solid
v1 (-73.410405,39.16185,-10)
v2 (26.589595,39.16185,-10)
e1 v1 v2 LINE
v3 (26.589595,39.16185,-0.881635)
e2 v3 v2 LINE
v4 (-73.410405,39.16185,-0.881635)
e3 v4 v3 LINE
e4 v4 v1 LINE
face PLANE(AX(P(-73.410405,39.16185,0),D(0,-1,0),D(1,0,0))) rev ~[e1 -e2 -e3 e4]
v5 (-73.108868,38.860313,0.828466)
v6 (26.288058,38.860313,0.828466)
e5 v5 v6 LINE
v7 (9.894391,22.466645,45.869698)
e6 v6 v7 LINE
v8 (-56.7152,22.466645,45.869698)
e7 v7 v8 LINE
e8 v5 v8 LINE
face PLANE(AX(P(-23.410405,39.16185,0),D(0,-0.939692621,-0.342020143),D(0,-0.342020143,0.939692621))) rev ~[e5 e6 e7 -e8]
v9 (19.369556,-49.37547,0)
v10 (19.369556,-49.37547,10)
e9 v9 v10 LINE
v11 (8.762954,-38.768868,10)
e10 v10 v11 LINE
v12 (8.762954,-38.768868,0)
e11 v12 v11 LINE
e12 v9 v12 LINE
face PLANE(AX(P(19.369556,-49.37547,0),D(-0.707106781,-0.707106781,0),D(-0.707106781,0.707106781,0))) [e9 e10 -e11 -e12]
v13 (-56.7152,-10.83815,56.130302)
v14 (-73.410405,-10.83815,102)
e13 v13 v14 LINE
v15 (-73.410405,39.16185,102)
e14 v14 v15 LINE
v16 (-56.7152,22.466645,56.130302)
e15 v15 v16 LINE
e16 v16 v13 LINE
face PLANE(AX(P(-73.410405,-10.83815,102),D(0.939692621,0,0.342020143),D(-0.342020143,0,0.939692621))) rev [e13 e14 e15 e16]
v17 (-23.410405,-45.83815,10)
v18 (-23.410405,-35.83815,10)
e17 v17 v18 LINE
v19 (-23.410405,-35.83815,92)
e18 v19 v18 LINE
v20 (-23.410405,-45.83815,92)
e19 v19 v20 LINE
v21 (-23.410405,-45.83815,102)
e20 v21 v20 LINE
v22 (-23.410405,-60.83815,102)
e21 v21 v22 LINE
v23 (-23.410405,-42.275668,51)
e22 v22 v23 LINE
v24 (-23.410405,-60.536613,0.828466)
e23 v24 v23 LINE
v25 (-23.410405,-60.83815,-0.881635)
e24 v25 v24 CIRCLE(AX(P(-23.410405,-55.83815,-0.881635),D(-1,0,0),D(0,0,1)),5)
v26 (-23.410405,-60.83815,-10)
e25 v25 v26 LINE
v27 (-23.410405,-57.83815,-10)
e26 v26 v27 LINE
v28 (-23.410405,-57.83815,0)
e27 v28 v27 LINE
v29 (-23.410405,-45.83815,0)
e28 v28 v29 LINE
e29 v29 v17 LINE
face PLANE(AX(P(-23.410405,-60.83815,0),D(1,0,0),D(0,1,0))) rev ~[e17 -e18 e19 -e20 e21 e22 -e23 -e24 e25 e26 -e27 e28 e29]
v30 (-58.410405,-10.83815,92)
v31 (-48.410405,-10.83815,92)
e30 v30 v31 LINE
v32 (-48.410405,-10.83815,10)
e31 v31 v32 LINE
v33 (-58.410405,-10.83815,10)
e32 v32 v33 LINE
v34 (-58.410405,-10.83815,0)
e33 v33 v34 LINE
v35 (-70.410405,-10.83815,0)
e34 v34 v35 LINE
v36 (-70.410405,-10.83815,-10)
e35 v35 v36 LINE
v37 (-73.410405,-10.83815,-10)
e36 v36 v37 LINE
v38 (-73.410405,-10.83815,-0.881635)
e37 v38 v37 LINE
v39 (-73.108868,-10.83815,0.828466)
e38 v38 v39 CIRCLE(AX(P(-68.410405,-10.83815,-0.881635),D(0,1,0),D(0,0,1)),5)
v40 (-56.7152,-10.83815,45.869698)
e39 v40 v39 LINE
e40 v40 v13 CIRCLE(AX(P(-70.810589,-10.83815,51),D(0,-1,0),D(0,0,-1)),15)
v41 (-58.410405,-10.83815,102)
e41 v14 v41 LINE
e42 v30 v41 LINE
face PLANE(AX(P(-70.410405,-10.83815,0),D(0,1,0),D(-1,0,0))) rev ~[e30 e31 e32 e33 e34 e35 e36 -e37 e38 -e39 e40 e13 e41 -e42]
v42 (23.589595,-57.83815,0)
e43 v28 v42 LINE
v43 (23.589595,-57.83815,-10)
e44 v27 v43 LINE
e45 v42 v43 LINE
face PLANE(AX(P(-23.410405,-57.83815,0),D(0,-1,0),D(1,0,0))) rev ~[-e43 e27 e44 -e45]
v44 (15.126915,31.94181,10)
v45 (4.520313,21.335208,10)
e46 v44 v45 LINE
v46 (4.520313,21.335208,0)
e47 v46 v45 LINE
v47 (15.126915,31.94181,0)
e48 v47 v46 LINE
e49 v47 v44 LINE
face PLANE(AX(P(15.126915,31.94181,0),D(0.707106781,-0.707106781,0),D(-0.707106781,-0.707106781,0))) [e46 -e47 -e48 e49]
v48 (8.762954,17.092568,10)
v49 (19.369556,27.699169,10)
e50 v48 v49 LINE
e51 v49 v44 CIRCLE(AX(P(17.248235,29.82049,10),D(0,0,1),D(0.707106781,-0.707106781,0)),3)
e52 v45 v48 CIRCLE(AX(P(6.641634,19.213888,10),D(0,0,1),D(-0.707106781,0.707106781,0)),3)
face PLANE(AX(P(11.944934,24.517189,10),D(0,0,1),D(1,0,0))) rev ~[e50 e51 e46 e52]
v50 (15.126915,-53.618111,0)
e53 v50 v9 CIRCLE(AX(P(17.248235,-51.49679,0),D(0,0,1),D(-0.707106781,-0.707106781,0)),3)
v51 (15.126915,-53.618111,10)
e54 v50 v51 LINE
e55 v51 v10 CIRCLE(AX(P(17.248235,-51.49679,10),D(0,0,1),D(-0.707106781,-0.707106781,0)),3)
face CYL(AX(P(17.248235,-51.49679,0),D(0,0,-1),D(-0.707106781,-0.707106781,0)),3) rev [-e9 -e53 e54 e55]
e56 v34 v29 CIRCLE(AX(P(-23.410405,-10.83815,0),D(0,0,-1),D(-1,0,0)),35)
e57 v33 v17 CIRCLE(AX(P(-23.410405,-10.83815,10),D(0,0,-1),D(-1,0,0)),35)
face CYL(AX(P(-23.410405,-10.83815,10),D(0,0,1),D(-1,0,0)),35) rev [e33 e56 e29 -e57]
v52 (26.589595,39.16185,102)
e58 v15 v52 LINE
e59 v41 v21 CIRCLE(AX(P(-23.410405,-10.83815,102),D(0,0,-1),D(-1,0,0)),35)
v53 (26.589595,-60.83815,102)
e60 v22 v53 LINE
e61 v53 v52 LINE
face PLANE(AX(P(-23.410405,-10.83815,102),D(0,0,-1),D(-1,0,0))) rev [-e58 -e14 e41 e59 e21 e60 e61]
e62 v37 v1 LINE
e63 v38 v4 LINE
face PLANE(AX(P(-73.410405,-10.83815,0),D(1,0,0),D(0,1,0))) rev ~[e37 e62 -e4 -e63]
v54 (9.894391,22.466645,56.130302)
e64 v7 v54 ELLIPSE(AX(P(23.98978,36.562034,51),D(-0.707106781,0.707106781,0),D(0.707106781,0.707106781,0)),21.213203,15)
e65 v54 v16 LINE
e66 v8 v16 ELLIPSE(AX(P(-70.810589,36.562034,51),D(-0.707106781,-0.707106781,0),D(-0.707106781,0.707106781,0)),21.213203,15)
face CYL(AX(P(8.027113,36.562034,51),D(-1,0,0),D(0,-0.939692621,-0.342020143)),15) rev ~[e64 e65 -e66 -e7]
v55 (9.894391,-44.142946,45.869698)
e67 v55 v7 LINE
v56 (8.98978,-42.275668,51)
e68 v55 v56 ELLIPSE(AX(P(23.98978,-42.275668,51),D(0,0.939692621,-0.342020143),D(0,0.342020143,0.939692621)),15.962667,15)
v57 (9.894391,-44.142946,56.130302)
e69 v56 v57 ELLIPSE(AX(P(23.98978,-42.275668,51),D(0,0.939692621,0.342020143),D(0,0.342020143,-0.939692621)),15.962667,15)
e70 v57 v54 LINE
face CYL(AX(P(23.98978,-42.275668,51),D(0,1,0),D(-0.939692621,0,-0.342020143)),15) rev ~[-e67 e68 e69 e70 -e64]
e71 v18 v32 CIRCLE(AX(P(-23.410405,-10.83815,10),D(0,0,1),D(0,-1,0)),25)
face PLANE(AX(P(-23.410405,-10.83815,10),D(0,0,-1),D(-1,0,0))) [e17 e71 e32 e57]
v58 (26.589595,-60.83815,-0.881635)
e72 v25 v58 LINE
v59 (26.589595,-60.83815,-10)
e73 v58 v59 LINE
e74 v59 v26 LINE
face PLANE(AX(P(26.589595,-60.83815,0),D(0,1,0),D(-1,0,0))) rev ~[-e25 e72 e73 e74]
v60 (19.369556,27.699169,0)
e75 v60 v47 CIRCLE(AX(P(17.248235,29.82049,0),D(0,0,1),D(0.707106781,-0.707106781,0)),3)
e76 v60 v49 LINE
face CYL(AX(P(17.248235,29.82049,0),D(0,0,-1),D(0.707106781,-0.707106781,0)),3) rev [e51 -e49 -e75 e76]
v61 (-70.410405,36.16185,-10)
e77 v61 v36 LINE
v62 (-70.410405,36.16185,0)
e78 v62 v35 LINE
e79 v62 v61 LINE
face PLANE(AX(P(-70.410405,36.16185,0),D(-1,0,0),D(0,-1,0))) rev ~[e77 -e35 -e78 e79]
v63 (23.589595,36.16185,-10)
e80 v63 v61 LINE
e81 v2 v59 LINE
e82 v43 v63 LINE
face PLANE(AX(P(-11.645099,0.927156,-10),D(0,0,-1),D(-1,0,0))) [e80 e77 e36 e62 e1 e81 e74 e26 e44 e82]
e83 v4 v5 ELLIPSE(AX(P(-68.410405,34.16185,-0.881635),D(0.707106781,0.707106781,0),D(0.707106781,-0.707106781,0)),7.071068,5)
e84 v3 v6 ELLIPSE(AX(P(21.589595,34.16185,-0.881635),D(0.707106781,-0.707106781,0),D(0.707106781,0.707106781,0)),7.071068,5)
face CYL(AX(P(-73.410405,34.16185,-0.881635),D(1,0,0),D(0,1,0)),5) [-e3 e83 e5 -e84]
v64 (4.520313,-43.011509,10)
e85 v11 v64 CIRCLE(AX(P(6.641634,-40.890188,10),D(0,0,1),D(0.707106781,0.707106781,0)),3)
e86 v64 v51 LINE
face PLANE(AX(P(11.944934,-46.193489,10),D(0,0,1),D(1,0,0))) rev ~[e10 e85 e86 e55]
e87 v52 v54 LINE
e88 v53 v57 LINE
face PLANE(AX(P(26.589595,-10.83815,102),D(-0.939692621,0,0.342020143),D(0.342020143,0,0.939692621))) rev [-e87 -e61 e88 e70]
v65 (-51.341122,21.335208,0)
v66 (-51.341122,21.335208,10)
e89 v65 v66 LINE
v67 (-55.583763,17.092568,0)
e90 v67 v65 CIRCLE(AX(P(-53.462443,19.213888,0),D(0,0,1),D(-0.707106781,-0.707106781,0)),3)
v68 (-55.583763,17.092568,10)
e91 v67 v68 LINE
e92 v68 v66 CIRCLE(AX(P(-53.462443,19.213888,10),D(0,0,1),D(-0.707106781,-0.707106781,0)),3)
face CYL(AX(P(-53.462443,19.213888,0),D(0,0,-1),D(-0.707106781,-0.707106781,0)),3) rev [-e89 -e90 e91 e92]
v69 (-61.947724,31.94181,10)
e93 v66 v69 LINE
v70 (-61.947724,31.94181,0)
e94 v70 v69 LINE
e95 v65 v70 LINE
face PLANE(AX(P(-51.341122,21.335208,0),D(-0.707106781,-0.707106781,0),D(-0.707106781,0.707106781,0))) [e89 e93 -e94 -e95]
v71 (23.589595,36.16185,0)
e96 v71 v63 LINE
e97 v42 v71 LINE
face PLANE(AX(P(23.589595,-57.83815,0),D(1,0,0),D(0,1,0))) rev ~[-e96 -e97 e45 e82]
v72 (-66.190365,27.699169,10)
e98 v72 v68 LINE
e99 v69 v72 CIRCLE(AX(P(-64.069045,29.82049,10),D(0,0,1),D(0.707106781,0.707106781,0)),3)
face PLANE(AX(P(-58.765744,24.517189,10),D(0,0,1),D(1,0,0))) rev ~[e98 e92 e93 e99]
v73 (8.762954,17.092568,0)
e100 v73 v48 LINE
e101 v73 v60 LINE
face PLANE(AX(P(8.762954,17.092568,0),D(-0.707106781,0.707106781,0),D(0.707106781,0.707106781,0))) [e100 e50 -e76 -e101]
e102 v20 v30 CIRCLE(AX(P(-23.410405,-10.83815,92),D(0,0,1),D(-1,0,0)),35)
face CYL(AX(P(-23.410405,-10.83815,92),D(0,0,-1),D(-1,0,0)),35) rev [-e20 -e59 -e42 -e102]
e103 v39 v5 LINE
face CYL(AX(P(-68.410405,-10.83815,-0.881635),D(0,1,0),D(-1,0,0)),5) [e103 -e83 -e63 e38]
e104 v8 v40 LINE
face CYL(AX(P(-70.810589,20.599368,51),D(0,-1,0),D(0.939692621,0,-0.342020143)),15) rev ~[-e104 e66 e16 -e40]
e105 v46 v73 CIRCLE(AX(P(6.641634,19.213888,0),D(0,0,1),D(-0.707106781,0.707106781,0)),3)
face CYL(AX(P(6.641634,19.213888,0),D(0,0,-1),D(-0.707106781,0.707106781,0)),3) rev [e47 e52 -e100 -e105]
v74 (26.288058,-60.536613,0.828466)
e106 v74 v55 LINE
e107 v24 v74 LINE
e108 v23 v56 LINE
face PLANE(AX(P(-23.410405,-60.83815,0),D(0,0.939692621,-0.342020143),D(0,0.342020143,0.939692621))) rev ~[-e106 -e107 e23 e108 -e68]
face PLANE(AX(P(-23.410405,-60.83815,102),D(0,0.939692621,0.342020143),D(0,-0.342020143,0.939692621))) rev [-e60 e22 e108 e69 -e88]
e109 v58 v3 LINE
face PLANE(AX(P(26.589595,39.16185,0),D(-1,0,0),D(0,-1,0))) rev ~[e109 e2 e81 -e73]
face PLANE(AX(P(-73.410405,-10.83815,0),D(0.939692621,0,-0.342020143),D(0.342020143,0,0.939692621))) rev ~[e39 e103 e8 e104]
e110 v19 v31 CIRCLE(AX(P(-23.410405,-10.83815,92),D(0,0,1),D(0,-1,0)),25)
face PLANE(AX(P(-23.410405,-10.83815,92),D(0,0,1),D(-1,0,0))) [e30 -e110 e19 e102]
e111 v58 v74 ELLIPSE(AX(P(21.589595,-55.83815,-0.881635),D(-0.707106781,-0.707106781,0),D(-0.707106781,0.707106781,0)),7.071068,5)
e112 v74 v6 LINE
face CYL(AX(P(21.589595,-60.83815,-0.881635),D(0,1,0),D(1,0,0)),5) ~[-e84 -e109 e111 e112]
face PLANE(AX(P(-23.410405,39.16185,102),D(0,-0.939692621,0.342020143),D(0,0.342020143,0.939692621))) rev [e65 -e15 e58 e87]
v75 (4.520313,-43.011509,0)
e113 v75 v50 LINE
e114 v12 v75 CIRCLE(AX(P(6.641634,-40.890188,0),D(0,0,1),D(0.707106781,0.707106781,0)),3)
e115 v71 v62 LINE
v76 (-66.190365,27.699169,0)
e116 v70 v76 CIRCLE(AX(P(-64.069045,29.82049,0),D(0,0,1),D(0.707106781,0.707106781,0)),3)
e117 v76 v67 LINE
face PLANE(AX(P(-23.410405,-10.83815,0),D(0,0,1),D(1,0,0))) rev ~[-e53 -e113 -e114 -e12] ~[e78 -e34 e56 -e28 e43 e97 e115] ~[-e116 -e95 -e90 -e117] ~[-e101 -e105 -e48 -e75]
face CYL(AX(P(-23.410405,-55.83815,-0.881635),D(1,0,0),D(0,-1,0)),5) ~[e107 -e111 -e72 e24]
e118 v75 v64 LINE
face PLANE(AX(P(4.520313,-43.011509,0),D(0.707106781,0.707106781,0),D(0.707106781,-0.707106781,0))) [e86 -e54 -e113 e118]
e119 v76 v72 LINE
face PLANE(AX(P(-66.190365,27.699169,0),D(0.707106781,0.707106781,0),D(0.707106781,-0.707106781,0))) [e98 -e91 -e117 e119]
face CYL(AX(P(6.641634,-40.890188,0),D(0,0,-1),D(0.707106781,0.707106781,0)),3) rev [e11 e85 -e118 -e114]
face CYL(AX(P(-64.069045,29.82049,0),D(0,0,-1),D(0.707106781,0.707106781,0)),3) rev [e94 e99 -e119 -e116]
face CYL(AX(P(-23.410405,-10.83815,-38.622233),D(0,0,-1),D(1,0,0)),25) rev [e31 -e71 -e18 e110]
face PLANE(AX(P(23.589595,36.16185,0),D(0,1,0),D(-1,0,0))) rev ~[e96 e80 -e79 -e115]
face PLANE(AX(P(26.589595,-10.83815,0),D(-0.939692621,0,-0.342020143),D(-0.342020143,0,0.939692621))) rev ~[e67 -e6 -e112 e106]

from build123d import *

# Parameters (mm, degrees)
ESQUISSE2_W                  = 100
ESQUISSE2_H                  = 100
BOSS_EXTRU_1_DEPTH           = 51
BOSS_EXTRU_1_TAPER           = 20
ENL_V_MAT_EXTRU_1_DEPTH      = 140.622233322
ENL_V_MAT_EXTRU_1_DEPTH_BACK = 140.622233322
ESQUISSE3_R                  = 25
ENL_V_MAT_EXTRU_2_DEPTH      = 140.622233322
ENL_V_MAT_EXTRU_2_DEPTH_BACK = 10
ESQUISSE5_R                  = 35
ENL_V_START                  = -10
ESQUISSE6_R                  = 35
ENL_V_MAT_EXTRU_3_DEPTH      = 10
ESQUISSE7_W                  = 50
ESQUISSE7_H                  = 50
ENL_V_MAT_EXTRU_4_DEPTH      = 140.622233322
CONG_1_R                     = 15
ENL_V_MAT_EXTRU_8_DEPTH      = 10
BOSS_EXTRU_2_DEPTH           = 10
CONG_2_R                     = 5


with BuildPart() as part:
    # Esquisse2 → Boss.-Extru.1 (new body)
    with BuildSketch(Plane.XY):
        with Locations((-23.410404624, -10.838150289)):
            Rectangle(ESQUISSE2_W, ESQUISSE2_H)
    boss_extru_1 = extrude(amount=BOSS_EXTRU_1_DEPTH, taper=BOSS_EXTRU_1_TAPER)

    # Symétrie4: Boss.-Extru.1 across plane
    add(boss_extru_1.mirror(Plane.XY.offset(51)))

    # Esquisse3 → Enlèv. mat.-Extru.1 (cut, two sides: drawn at the far end of the back side and taken through both)
    with BuildSketch(Plane.XY.offset(102).offset(-ENL_V_MAT_EXTRU_1_DEPTH_BACK)):
        with Locations((-23.410404624, -10.838150289)):
            Circle(ESQUISSE3_R)
    extrude(amount=ENL_V_MAT_EXTRU_1_DEPTH + ENL_V_MAT_EXTRU_1_DEPTH_BACK, mode=Mode.SUBTRACT)

    # Esquisse5 → Enlèv. mat.-Extru.2 (cut, two sides: drawn at the far end of the back side and taken through both)
    with BuildSketch(Plane.XY.offset(102).offset(-ENL_V_MAT_EXTRU_2_DEPTH_BACK)):
        with Locations(Location((-23.410404624, -10.838150289, 0), (0, 0, 180))):
            Circle(ESQUISSE5_R)
    extrude(amount=ENL_V_MAT_EXTRU_2_DEPTH + ENL_V_MAT_EXTRU_2_DEPTH_BACK, mode=Mode.SUBTRACT)

    # Esquisse6 → Enlèv. mat.-Extru.3 (cut)
    with BuildSketch(Plane(origin=(0, 0, 0), x_dir=(-1, 0, 0), z_dir=(0, 0, -1)).offset(ENL_V_START)):
        with Locations((23.410404624, -10.838150289)):
            Circle(ESQUISSE6_R)
    extrude(amount=ENL_V_MAT_EXTRU_3_DEPTH, mode=Mode.SUBTRACT)

    # Esquisse7 → Enlèv. mat.-Extru.4 (cut, through all)
    with BuildSketch(Plane(origin=(0, 0, 0), x_dir=(-1, 0, 0), z_dir=(0, 0, -1))):
        with Locations((48.410404624, -35.838150289)):
            Rectangle(ESQUISSE7_W, ESQUISSE7_H)
    extrude(amount=-ENL_V_MAT_EXTRU_4_DEPTH, mode=Mode.SUBTRACT)

    # Congé1
    cong_1_edges = [part.edges().sort_by_distance(p)[0] for p in [
        (8.027113428, -10.838150289, 51),
        (-23.410404624, 20.599367763, 51),
        (-54.847922677, 4.880608737, 51),
    ]]
    fillet(cong_1_edges, radius=CONG_1_R)

    # Esquisse8 → Enlèv. mat.-Extru.8 (cut)
    with BuildSketch(Plane(origin=(0, 0, 0), x_dir=(-1, 0, 0), z_dir=(0, 0, -1))):
        with BuildLine():
            Line((-15.12691495, 31.941809973), (-4.520313233, 21.335208255))
            ThreePointArc((-4.520313233, 21.335208255), (-4.520313233, 17.092567568), (-8.76295392, 17.092567568))
            Line((-8.76295392, 17.092567568), (-19.369555638, 27.699169286))
            ThreePointArc((-19.369555638, 27.699169286), (-19.369555638, 31.941809973), (-15.12691495, 31.941809973))
        make_face()
        with BuildLine():
            Line((-19.369555638, -49.375469864), (-8.76295392, -38.768868146))
            ThreePointArc((-8.76295392, -38.768868146), (-4.520313233, -38.768868146), (-4.520313233, -43.011508833))
            Line((-4.520313233, -43.011508833), (-15.12691495, -53.618110551))
            ThreePointArc((-15.12691495, -53.618110551), (-19.369555638, -53.618110551), (-19.369555638, -49.375469864))
        make_face()
        with BuildLine():
            Line((51.341122481, 21.335208255), (61.947724199, 31.941809973))
            ThreePointArc((61.947724199, 31.941809973), (66.190364886, 31.941809973), (66.190364886, 27.699169286))
            Line((66.190364886, 27.699169286), (55.583763168, 17.092567568))
            ThreePointArc((55.583763168, 17.092567568), (51.341122481, 17.092567568), (51.341122481, 21.335208255))
        make_face()
    extrude(amount=-ENL_V_MAT_EXTRU_8_DEPTH, mode=Mode.SUBTRACT)

    # Esquisse9 → Boss.-Extru.2 (add)
    with BuildSketch(Plane(origin=(0, 0, 0), x_dir=(-1, 0, 0), z_dir=(0, 0, -1))):
        Polygon((-26.589595376, -60.838150289), (23.410404624, -60.838150289), (23.410404624, -57.838150289), (-23.589595376, -57.838150289), (-23.589595376, 36.161849711), (70.410404624, 36.161849711), (70.410404624, -10.838150289), (73.410404624, -10.838150289), (73.410404624, 39.161849711), (-26.589595376, 39.161849711), align=None)
    extrude(amount=BOSS_EXTRU_2_DEPTH)

    # Congé2
    cong_2_edges = [part.edges().sort_by_distance(p)[0] for p in [
        (-23.410404624, 39.161849711, 0),
        (26.589595376, -10.838150289, 0),
        (-73.410404624, 14.161849711, 0),
        (1.589595376, -60.838150289, 0),
    ]]
    fillet(cong_2_edges, radius=CONG_2_R)


solid = part.part
